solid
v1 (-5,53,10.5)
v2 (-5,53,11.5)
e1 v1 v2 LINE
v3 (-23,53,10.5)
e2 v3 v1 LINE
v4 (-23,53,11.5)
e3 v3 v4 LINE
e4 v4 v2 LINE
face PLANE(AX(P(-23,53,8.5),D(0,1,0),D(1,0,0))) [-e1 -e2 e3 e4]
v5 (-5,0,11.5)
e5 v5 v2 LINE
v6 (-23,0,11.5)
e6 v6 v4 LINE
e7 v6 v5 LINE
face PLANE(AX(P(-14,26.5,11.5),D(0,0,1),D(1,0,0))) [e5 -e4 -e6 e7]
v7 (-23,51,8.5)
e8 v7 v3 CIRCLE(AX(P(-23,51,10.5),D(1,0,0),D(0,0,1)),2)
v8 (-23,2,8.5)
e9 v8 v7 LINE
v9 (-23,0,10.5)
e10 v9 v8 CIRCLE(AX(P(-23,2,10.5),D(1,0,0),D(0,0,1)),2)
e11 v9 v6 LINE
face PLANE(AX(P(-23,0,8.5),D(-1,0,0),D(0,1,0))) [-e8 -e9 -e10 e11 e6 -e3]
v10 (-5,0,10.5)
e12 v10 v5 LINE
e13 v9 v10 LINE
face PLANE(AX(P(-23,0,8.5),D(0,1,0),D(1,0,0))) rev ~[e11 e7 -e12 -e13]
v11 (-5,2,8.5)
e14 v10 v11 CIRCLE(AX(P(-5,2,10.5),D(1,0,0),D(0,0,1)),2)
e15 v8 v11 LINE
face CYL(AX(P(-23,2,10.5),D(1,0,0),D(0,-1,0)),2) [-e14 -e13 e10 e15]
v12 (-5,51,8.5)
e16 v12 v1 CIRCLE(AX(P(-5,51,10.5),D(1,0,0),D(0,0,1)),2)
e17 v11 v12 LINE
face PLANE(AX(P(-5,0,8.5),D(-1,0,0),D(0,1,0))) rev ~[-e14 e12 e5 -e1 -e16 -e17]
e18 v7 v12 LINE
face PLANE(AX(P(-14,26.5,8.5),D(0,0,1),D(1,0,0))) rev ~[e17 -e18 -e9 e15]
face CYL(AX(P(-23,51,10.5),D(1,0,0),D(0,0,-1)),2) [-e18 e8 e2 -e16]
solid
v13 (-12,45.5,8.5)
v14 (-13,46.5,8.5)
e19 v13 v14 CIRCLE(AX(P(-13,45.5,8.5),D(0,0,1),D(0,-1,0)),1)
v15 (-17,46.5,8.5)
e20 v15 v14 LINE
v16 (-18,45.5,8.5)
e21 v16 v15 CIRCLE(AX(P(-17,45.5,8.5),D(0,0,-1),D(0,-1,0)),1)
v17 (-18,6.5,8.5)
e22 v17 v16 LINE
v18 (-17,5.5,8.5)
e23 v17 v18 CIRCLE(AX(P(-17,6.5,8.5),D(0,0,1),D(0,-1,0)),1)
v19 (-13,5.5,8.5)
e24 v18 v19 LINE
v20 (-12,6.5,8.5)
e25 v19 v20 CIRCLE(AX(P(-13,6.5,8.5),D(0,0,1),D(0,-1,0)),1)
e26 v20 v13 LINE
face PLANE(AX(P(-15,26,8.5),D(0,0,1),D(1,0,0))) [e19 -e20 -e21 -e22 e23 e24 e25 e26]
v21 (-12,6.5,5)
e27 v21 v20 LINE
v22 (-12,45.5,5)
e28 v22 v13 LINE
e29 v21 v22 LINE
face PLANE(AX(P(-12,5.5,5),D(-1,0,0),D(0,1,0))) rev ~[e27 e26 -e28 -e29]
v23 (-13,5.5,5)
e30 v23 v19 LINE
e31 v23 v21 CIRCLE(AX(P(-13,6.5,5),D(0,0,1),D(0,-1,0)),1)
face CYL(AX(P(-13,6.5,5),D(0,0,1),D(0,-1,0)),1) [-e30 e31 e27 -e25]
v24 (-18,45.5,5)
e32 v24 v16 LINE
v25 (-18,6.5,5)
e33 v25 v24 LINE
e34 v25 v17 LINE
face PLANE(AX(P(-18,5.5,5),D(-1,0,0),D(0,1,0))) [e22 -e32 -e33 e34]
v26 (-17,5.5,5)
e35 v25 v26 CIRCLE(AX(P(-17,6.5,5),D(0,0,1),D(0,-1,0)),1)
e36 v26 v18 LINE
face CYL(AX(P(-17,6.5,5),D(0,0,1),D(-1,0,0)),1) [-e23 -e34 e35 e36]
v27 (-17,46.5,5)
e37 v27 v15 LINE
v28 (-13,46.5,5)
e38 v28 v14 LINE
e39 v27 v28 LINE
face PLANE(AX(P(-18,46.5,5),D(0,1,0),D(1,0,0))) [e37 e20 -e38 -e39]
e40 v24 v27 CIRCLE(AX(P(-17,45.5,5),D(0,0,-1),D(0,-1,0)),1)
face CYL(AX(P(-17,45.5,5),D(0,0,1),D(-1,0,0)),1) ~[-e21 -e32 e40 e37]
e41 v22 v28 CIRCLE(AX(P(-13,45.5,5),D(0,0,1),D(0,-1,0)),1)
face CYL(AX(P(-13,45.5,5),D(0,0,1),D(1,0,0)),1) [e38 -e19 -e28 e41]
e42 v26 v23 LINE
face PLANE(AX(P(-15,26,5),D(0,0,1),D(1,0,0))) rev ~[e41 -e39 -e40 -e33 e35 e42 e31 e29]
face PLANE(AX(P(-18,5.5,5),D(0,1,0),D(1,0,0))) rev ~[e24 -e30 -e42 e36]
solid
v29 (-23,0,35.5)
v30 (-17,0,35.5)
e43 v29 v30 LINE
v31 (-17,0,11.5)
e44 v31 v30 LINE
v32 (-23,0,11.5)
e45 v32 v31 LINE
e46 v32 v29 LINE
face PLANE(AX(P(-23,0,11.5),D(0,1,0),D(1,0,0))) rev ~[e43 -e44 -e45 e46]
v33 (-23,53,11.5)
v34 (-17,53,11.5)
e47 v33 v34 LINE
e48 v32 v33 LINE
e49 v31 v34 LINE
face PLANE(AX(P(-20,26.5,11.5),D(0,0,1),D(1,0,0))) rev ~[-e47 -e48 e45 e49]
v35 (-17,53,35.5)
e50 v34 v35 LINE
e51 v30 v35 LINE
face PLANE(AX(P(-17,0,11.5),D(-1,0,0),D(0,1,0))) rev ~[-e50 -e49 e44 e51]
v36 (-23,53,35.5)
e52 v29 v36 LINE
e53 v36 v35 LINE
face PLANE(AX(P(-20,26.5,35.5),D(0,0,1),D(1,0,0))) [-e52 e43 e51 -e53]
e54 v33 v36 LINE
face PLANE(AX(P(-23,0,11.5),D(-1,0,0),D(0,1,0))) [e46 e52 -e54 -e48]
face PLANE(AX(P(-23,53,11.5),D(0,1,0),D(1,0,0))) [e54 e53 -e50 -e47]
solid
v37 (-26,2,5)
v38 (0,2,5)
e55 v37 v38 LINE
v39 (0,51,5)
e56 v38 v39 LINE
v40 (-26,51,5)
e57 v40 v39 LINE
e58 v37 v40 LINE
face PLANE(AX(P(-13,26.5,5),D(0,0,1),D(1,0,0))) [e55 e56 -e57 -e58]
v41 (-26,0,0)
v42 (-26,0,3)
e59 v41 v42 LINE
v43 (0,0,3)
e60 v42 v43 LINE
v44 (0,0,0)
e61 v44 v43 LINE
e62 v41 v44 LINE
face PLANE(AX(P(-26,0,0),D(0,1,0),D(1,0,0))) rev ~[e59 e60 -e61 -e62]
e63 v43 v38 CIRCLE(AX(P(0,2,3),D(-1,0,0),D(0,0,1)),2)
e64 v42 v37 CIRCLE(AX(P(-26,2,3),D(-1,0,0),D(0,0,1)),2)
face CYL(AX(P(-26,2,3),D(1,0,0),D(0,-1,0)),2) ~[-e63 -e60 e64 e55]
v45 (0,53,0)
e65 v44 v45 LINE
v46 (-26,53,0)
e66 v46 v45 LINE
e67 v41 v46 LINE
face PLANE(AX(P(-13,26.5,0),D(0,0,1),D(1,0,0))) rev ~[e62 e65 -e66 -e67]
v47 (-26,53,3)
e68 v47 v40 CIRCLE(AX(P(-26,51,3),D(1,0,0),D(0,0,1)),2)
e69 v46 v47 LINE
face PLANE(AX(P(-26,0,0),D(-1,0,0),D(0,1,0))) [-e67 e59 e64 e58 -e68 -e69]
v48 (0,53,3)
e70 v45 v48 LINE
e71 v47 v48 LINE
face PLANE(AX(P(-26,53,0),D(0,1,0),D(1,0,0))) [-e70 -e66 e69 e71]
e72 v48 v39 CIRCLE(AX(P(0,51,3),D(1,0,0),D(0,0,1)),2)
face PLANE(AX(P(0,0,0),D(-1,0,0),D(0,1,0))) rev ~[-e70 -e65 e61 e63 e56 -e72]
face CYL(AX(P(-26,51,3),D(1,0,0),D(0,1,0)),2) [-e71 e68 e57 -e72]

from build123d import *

# Parameters (mm, degrees)
SKETCH003_W      = 6
SKETCH003_H      = 53
EXTRUDE003_DEPTH = 24
SKETCH_W         = 26
SKETCH_H         = 53
EXTRUDE_DEPTH    = 5
FILLET001_R      = 2
SKETCH002_W      = 18
SKETCH002_H      = 53
EXTRUDE002_DEPTH = 3
FILLET_R         = 2
FILLET002_R      = 2
SKETCH001_W      = 6
SKETCH001_H      = 41
EXTRUDE001_DEPTH = 3.5
FILLET003_R      = 1


with BuildPart() as extrude003:
    # Sketch003 (on Face6 of Extrude002) → Extrude003 (new body)
    with BuildSketch(Plane.XY.offset(11.5)):
        with Locations((-20, 26.5)):
            Rectangle(SKETCH003_W, SKETCH003_H)
    extrude(amount=EXTRUDE003_DEPTH)


with BuildPart() as fillet001:
    # Sketch → Extrude (new body)
    with BuildSketch(Plane.XY):
        with Locations((-13, 26.5)):
            Rectangle(SKETCH_W, SKETCH_H)
    extrude(amount=EXTRUDE_DEPTH)

    # Fillet001
    fillet001_edges = [fillet001.edges().sort_by_distance(p)[0] for p in [
        (-13, 0, 5),
        (-13, 53, 5),
    ]]
    fillet(fillet001_edges, radius=FILLET001_R)


with BuildPart() as fillet002:
    # Sketch002 (on Face6 of Extrude001) → Extrude002 (new body)
    with BuildSketch(Plane.XY.offset(8.5)):
        with Locations((-14, 26.5)):
            Rectangle(SKETCH002_W, SKETCH002_H)
    extrude(amount=EXTRUDE002_DEPTH)

    # Fillet
    fillet_edges = [fillet002.edges().sort_by_distance(p)[0] for p in [
        (-14, 0, 8.5),
    ]]
    fillet(fillet_edges, radius=FILLET_R)

    # Fillet002
    fillet002_edges = [fillet002.edges().sort_by_distance(p)[0] for p in [
        (-14, 53, 8.5),
    ]]
    fillet(fillet002_edges, radius=FILLET002_R)


with BuildPart() as fillet003:
    # Sketch001 (on Face6 of Extrude) → Extrude001 (new body)
    with BuildSketch(Plane.XY.offset(5)):
        with Locations((-15, 26)):
            Rectangle(SKETCH001_W, SKETCH001_H)
    extrude(amount=EXTRUDE001_DEPTH)

    # Fillet003
    fillet003_edges = [fillet003.edges().sort_by_distance(p)[0] for p in [
        (-18, 46.5, 6.75),
        (-12, 46.5, 6.75),
        (-12, 5.5, 6.75),
        (-18, 5.5, 6.75),
    ]]
    fillet(fillet003_edges, radius=FILLET003_R)


solid = Compound([extrude003.part, fillet001.part, fillet002.part, fillet003.part])
